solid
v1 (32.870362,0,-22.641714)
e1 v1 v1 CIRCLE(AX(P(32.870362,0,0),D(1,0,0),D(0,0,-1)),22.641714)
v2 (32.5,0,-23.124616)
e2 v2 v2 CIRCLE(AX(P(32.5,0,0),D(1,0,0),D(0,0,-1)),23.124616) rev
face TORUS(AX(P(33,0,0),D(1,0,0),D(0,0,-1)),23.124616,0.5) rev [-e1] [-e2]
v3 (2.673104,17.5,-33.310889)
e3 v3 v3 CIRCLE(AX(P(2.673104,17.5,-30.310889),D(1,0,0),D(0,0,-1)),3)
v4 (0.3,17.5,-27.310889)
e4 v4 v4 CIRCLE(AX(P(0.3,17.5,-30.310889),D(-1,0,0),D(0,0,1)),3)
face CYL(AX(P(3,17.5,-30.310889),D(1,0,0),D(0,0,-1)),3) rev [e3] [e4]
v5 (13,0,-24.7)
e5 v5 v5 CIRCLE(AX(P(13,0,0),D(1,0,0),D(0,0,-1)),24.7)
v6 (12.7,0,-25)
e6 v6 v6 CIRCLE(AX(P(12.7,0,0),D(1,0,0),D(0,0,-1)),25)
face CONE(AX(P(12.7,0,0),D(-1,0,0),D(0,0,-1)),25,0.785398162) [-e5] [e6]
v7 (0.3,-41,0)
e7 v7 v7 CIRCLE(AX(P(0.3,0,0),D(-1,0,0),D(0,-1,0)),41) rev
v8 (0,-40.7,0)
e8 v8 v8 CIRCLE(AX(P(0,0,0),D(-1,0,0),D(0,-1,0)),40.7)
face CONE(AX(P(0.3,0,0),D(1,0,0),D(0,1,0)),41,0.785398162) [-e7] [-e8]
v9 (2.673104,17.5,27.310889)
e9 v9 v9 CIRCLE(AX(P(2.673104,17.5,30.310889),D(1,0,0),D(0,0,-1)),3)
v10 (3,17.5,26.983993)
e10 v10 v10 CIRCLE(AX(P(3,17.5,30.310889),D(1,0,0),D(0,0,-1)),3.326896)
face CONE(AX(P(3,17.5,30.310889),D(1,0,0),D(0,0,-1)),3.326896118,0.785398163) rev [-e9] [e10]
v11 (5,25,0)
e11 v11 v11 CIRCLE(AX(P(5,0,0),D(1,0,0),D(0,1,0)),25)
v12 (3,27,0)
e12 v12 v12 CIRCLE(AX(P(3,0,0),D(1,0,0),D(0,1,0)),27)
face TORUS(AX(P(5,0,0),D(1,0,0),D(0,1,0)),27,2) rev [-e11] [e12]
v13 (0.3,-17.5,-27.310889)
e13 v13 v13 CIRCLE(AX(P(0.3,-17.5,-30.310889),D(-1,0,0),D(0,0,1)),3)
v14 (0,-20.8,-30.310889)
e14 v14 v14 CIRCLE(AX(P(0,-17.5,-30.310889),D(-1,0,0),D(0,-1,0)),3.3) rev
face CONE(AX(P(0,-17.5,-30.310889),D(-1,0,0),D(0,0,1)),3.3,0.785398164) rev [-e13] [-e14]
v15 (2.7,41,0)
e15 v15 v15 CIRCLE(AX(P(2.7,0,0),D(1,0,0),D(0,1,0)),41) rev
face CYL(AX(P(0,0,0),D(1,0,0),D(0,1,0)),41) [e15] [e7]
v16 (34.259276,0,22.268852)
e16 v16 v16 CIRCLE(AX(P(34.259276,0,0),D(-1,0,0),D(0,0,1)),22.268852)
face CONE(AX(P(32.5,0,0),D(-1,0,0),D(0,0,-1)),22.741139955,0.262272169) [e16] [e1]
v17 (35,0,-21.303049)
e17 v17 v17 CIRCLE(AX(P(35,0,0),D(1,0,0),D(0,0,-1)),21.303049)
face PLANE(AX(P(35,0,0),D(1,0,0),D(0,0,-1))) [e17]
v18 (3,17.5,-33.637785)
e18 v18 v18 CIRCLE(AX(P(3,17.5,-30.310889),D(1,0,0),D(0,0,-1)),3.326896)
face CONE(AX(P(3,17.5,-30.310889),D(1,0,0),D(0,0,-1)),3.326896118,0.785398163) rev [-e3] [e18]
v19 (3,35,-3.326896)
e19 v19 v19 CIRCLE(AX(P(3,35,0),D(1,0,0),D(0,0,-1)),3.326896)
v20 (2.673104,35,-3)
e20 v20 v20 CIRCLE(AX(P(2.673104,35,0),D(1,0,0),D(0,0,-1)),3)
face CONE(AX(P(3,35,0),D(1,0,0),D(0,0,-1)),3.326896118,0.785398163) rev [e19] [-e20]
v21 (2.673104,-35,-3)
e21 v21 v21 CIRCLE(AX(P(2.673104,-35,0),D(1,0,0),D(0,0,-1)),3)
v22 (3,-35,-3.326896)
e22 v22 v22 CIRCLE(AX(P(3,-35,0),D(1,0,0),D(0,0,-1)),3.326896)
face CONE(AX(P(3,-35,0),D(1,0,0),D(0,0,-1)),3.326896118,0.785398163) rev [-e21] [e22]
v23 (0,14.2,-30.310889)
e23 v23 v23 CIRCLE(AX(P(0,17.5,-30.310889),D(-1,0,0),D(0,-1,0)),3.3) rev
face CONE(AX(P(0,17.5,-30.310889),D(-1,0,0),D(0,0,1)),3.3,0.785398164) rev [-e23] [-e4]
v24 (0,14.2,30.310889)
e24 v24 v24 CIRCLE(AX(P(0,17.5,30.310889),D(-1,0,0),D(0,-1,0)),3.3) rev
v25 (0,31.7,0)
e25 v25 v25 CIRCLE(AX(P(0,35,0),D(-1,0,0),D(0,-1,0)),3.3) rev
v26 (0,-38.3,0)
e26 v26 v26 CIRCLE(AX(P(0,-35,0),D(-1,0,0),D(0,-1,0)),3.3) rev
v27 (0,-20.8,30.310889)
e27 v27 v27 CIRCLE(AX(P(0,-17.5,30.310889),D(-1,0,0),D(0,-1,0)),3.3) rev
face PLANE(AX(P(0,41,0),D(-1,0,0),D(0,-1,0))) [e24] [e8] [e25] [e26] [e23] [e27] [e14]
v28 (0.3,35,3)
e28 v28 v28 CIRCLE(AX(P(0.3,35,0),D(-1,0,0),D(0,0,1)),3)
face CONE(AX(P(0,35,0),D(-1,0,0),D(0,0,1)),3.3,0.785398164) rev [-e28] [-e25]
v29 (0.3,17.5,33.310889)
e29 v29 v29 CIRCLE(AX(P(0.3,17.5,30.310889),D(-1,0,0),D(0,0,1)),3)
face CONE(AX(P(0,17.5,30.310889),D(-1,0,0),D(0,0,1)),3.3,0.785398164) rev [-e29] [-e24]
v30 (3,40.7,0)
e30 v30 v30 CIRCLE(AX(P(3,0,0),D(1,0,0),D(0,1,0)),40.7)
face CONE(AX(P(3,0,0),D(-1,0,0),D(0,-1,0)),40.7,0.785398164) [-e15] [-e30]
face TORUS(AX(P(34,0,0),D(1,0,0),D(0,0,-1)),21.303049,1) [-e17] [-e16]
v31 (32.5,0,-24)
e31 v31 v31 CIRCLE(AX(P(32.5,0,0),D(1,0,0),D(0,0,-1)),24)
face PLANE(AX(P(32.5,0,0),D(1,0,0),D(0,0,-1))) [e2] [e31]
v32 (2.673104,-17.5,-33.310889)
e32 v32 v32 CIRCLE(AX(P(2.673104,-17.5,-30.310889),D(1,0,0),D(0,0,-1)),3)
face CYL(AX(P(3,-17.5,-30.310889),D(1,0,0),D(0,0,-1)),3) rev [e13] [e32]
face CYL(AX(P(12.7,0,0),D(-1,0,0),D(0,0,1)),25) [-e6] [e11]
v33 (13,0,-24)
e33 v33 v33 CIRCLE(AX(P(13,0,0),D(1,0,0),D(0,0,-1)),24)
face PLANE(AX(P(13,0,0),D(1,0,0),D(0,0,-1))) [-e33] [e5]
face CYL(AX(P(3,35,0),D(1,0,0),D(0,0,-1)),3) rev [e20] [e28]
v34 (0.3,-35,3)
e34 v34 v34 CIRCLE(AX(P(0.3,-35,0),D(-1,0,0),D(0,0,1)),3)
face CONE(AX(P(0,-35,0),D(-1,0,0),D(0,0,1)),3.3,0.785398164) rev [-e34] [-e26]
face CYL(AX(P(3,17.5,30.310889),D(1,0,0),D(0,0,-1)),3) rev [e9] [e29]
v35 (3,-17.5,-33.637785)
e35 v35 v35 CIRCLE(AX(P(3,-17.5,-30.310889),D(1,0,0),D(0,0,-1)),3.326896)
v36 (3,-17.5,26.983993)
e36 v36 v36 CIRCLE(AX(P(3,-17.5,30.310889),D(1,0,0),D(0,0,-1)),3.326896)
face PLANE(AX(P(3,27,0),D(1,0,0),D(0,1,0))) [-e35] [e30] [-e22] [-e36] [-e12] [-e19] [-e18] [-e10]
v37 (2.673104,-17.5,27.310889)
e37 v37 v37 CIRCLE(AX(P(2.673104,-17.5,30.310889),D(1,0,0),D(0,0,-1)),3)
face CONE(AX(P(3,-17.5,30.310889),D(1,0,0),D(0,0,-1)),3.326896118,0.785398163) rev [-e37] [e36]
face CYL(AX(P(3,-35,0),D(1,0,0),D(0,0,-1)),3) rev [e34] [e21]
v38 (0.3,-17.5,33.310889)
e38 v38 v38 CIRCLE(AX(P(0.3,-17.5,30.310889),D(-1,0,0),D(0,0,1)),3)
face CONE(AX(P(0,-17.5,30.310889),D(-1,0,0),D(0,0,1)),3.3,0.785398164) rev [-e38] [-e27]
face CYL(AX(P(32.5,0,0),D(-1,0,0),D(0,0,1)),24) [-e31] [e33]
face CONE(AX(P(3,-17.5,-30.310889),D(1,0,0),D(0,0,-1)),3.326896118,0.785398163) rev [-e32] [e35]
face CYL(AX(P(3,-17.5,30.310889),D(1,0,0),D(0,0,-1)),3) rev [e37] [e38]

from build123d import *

# Parameters (mm, degrees)
SKETCH2_R                         = 25
BOSS_EXTRUDE1_DEPTH               = 7.7
SKETCH3_R                         = 25
BOSS_EXTRUDE2_DEPTH               = 0.3
BOSS_EXTRUDE2_TAPER               = 44.999999949
SKETCH4_R                         = 24
BOSS_EXTRUDE3_DEPTH               = 19.5
SKETCH5_R                         = 22.741139955
BOSS_EXTRUDE4_DEPTH               = 2.5
BOSS_EXTRUDE4_TAPER               = 15.02708836
F_6_0_6_DIAMETER_HOLE1_AT_2_COUNT = 2
F_6_0_6_DIAMETER_HOLE1_AT_2_PITCH = 35
F_6_0_6_DIAMETER_HOLE1_AT_3_COUNT = 2
F_6_0_6_DIAMETER_HOLE1_AT_3_PITCH = 60.621778265
F_6_0_6_DIAMETER_HOLE1_AT_4_COUNT = 2
F_6_0_6_DIAMETER_HOLE1_AT_4_PITCH = 70
F_6_0_6_DIAMETER_HOLE1_AT_5_COUNT = 2
F_6_0_6_DIAMETER_HOLE1_AT_5_PITCH = 60.621778265
F_6_0_6_DIAMETER_HOLE1_AT_6_COUNT = 2
F_6_0_6_DIAMETER_HOLE1_AT_6_PITCH = 35
CHAMFER1_SIZE                     = 0.3
FILLET1_R                         = 0.5
FILLET2_R                         = 1


with BuildPart() as part:
    # Sketch1 → Revolve1 (revolve)
    with BuildSketch(Plane.XY):
        with BuildLine():
            Line((0, 41), (0, 0))
            Line((0, 0), (5, 0))
            Line((5, 0), (5, 25))
            ThreePointArc((5, 25), (3.585786438, 25.585786438), (3, 27))
            Line((3, 27), (3, 41))
            Line((3, 41), (0, 41))
        make_face()
    revolve(axis=Axis((0, 0, 0), (1, 0, 0)))

    # Sketch2 → Boss-Extrude1 (add)
    with BuildSketch(Plane(origin=(5, 0, 0), x_dir=(0, 0, -1), z_dir=(1, 0, 0))):
        Circle(SKETCH2_R)
    extrude(amount=BOSS_EXTRUDE1_DEPTH)

    # Sketch3 → Boss-Extrude2 (add)
    with BuildSketch(Plane(origin=(12.7, 0, 0), x_dir=(0, 0, -1), z_dir=(1, 0, 0))):
        Circle(SKETCH3_R)
    extrude(amount=BOSS_EXTRUDE2_DEPTH, taper=BOSS_EXTRUDE2_TAPER)

    # Sketch4 → Boss-Extrude3 (add)
    with BuildSketch(Plane(origin=(13, 0, 0), x_dir=(0, 0, -1), z_dir=(1, 0, 0))):
        Circle(SKETCH4_R)
    extrude(amount=BOSS_EXTRUDE3_DEPTH)

    # Sketch5 → Boss-Extrude4 (add)
    with BuildSketch(Plane(origin=(32.5, 0, 0), x_dir=(0, 0, -1), z_dir=(1, 0, 0))):
        Circle(SKETCH5_R)
    extrude(amount=BOSS_EXTRUDE4_DEPTH, taper=BOSS_EXTRUDE4_TAPER)

    # Sketch6 → Ø6.0 (6) Diameter Hole1 (revolve, cut)
    with BuildSketch(Plane(origin=(3, -17.5, 30.310889132), x_dir=(0, 0, -1), z_dir=(0, 1, 0))):
        Polygon((0, 0), (0, 3), (3, 3), (3, 0.326896118), (3.326896118, 0), align=None)
    f_6_0_6_diameter_hole1 = revolve(axis=Axis((9.35, -17.5, 30.310889132), (-1, 0, 0)), mode=Mode.SUBTRACT)

    # Ø6.0 (6) Diameter Hole1 at 2: Ø6.0 (6) Diameter Hole1 ×2
    with Locations(*[(0, i * F_6_0_6_DIAMETER_HOLE1_AT_2_PITCH, 0) for i in range(1, F_6_0_6_DIAMETER_HOLE1_AT_2_COUNT)]):
        add(f_6_0_6_diameter_hole1, mode=Mode.SUBTRACT)

    # Ø6.0 (6) Diameter Hole1 at 3: Ø6.0 (6) Diameter Hole1 ×2
    with Locations(*[Vector(0, 0.866025404, -0.5) * (i * F_6_0_6_DIAMETER_HOLE1_AT_3_PITCH) for i in range(1, F_6_0_6_DIAMETER_HOLE1_AT_3_COUNT)]):
        add(f_6_0_6_diameter_hole1, mode=Mode.SUBTRACT)

    # Ø6.0 (6) Diameter Hole1 at 4: Ø6.0 (6) Diameter Hole1 ×2
    with Locations(*[Vector(0, 0.5, -0.866025404) * (i * F_6_0_6_DIAMETER_HOLE1_AT_4_PITCH) for i in range(1, F_6_0_6_DIAMETER_HOLE1_AT_4_COUNT)]):
        add(f_6_0_6_diameter_hole1, mode=Mode.SUBTRACT)

    # Ø6.0 (6) Diameter Hole1 at 5: Ø6.0 (6) Diameter Hole1 ×2
    with Locations(*[(0, 0, -i * F_6_0_6_DIAMETER_HOLE1_AT_5_PITCH) for i in range(1, F_6_0_6_DIAMETER_HOLE1_AT_5_COUNT)]):
        add(f_6_0_6_diameter_hole1, mode=Mode.SUBTRACT)

    # Ø6.0 (6) Diameter Hole1 at 6: Ø6.0 (6) Diameter Hole1 ×2
    with Locations(*[Vector(0, -0.5, -0.866025404) * (i * F_6_0_6_DIAMETER_HOLE1_AT_6_PITCH) for i in range(1, F_6_0_6_DIAMETER_HOLE1_AT_6_COUNT)]):
        add(f_6_0_6_diameter_hole1, mode=Mode.SUBTRACT)

    # Chamfer1
    chamfer1_edges = [part.edges().sort_by_distance(p)[0] for p in [
        (0, -35, 3),
        (0, -17.5, -27.310889132),
        (0, 17.5, -27.310889132),
        (0, -41, 0),
        (0, 35, 3),
        (0, 17.5, 33.310889132),
        (0, -17.5, 33.310889132),
        (3, -41, 0),
    ]]
    chamfer(chamfer1_edges, length=CHAMFER1_SIZE)

    # Fillet1
    fillet1_edges = [part.edges().sort_by_distance(p)[0] for p in [
        (32.5, 0, 22.741139955),
    ]]
    fillet(fillet1_edges, radius=FILLET1_R)

    # Fillet2
    fillet2_edges = [part.edges().sort_by_distance(p)[0] for p in [
        (35, 0, 22.07),
    ]]
    fillet(fillet2_edges, radius=FILLET2_R)


solid = part.part
